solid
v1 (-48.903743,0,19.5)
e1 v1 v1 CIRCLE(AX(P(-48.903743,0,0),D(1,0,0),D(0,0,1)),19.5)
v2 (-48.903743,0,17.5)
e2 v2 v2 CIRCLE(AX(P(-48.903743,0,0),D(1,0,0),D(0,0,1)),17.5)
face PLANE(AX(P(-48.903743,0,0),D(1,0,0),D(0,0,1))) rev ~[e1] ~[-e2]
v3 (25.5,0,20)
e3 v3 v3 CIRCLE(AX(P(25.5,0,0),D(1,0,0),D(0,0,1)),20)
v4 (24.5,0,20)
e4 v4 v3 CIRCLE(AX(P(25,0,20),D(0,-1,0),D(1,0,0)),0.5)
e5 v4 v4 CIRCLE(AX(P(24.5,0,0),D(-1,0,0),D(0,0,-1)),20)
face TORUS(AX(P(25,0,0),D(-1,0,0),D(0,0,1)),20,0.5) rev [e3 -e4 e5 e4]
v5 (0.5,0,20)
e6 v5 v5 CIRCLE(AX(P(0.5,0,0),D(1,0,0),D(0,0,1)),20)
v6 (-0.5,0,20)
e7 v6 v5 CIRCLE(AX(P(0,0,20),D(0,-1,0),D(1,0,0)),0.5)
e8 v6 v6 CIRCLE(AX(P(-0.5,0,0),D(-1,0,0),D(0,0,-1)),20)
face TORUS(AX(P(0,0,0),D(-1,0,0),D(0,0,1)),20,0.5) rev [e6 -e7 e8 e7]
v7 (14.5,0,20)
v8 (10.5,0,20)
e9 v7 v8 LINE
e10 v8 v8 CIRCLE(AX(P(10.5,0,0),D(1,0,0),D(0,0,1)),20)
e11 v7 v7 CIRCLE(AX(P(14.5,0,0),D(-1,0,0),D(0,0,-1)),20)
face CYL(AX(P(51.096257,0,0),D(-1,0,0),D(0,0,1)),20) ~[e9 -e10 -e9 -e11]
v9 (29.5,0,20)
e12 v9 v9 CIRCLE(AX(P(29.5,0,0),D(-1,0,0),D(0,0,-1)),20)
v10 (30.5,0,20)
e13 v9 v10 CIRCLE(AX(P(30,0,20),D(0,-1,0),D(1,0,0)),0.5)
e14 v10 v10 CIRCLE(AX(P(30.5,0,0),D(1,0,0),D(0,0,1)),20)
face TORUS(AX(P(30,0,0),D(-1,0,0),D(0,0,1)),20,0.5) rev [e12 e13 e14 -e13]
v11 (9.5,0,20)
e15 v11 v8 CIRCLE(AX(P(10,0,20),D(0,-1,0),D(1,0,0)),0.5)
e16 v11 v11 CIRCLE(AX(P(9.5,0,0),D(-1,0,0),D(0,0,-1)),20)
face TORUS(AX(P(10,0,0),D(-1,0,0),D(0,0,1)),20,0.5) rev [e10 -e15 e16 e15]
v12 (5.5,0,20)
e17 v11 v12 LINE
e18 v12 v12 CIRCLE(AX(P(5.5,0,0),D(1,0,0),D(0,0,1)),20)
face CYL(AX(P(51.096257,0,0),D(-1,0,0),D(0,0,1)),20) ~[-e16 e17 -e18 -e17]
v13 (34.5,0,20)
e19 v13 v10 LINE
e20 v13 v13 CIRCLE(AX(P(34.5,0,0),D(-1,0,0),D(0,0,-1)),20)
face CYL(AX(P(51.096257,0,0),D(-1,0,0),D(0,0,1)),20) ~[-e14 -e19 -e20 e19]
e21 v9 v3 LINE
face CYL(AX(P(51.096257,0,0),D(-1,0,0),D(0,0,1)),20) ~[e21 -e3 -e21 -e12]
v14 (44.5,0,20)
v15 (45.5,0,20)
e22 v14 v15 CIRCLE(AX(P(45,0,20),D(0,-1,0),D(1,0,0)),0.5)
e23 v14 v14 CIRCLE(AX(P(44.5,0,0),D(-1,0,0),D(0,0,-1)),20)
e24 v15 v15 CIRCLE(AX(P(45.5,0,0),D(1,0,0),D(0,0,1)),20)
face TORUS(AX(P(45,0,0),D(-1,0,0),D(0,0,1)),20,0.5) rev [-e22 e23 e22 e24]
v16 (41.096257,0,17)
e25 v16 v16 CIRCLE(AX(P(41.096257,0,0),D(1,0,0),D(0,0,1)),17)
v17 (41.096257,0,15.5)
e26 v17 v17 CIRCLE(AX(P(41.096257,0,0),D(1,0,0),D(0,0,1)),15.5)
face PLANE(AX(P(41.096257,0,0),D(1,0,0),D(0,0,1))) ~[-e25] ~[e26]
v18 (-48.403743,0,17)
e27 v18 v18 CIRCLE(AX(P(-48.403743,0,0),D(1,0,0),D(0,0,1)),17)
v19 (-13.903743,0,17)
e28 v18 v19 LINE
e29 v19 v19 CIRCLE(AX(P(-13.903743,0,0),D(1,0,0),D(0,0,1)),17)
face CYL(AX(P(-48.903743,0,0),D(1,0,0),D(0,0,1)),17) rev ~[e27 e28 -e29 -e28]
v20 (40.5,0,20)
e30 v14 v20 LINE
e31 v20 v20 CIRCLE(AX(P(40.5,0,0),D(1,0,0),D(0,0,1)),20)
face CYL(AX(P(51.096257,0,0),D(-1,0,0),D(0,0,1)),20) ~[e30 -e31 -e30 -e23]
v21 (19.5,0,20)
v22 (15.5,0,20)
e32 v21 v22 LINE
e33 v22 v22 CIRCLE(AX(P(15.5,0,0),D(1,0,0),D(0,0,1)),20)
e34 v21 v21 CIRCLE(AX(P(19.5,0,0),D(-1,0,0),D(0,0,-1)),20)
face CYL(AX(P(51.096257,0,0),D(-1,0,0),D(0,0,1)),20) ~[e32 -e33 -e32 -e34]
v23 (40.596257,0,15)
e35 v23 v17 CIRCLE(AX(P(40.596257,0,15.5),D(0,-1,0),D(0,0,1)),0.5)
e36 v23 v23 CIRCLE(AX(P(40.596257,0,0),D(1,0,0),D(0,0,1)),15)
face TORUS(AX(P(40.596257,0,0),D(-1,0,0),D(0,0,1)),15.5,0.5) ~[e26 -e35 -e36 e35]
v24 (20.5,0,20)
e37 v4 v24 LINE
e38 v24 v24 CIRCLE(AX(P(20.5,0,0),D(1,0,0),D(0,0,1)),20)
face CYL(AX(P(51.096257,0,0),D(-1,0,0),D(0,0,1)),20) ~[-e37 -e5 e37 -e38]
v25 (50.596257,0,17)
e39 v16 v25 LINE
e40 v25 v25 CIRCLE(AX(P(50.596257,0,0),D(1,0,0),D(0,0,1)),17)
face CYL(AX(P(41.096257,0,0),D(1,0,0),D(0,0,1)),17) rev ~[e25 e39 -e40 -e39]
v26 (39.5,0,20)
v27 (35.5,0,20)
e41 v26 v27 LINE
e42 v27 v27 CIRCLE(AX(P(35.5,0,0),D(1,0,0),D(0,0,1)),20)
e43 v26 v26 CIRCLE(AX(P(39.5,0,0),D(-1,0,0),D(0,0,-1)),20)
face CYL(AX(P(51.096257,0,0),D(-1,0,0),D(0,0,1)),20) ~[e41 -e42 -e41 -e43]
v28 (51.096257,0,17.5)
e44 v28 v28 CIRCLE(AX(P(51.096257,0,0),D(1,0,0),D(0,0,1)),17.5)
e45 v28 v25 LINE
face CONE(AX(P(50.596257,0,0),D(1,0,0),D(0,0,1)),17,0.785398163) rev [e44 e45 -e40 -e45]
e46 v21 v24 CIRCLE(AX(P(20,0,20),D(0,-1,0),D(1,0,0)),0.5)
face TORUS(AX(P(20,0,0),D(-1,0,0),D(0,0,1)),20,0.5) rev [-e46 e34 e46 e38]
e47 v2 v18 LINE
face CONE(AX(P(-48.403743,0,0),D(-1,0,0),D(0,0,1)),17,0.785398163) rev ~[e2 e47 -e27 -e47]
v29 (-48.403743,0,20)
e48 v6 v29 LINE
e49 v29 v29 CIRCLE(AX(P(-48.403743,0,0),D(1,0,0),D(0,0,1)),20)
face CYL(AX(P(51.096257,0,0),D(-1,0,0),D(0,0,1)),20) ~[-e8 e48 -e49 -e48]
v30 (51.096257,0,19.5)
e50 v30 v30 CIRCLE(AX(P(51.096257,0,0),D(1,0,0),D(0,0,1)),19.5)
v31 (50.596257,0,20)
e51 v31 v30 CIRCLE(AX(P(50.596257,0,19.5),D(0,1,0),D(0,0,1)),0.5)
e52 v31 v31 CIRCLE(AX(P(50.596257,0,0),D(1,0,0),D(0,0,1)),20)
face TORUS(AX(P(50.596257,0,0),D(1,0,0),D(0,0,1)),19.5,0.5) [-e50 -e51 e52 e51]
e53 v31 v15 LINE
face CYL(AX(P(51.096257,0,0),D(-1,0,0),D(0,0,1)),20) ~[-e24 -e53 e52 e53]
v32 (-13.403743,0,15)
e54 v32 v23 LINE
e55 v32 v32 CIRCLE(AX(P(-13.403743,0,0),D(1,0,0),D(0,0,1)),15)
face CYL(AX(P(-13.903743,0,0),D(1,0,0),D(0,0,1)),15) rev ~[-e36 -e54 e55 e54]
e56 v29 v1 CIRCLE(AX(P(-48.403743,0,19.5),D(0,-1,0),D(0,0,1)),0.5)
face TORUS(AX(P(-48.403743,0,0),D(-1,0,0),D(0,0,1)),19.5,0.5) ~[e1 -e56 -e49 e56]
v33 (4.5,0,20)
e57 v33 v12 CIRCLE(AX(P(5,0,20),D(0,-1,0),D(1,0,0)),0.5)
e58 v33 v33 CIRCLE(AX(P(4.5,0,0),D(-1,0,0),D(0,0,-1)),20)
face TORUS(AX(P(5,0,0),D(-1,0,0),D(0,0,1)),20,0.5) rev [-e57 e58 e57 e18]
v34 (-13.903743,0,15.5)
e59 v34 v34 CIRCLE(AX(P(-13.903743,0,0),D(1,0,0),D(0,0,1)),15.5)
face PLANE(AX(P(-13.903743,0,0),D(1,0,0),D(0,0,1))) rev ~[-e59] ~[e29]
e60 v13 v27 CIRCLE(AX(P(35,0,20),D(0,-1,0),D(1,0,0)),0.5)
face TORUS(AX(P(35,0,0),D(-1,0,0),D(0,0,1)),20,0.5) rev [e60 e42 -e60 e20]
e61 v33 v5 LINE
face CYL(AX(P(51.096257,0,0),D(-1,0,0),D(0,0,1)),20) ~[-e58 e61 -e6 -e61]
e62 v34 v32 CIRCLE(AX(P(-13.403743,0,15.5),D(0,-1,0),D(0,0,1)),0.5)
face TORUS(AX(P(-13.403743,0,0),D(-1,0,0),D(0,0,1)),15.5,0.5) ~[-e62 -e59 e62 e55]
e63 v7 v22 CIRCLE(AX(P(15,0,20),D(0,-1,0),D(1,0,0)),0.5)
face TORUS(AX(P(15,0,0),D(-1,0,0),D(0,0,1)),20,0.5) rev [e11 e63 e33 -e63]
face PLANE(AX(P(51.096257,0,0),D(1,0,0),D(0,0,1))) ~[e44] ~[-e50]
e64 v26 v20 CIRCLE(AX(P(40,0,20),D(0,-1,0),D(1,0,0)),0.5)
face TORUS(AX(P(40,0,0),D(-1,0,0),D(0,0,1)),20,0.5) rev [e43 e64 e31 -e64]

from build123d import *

# Parameters (mm, degrees)
F2_R    = 0.5
F3_SIZE = 0.5
F4_R    = 0.5


with BuildPart() as f1:
    # F0 (on Front) → F1 (revolve)
    with BuildSketch(Plane.XZ):
        Polygon((51.096257, 20), (-48.903743, 20), (-48.903743, 17), (-13.903743, 17), (-13.903743, 15), (41.096257, 15), (41.096257, 17), (51.096257, 17), align=None)
    revolve(axis=Axis((15.16043, 0, 0), (1, 0, 0)))

    # F2
    f2_edges = [f1.edges().sort_by_distance(p)[0] for p in [
        (51.096257, 0, -20),
        (-48.903743, 0, -20),
        (1.096257, 0, 20),
        (-13.903743, 0, -15),
        (41.096257, 0, -15),
        (13.596257, 0, 15),
    ]]
    fillet(f2_edges, radius=F2_R)

    # F3
    f3_edges = [f1.edges().sort_by_distance(p)[0] for p in [
        (51.096257, 0, -17),
        (-48.903743, 0, -17),
    ]]
    chamfer(f3_edges, length=F3_SIZE)

    # F4 (on Front) → F5 (revolve, cut)
    with BuildSketch(Plane.XZ):
        with Locations((45, 20)):
            Circle(F4_R)
        with Locations((40, 20)):
            Circle(F4_R)
        with Locations((35, 20)):
            Circle(F4_R)
        with Locations((30, 20)):
            Circle(F4_R)
        with Locations((25, 20)):
            Circle(F4_R)
        with Locations((20, 20)):
            Circle(F4_R)
        with Locations((15, 20)):
            Circle(F4_R)
        with Locations((10, 20)):
            Circle(F4_R)
        with Locations((5, 20)):
            Circle(F4_R)
        with Locations((0, 20)):
            Circle(F4_R)
    revolve(axis=Axis((0.714577, 0, 0), (1, 0, 0)), mode=Mode.SUBTRACT)


solid = f1.part
